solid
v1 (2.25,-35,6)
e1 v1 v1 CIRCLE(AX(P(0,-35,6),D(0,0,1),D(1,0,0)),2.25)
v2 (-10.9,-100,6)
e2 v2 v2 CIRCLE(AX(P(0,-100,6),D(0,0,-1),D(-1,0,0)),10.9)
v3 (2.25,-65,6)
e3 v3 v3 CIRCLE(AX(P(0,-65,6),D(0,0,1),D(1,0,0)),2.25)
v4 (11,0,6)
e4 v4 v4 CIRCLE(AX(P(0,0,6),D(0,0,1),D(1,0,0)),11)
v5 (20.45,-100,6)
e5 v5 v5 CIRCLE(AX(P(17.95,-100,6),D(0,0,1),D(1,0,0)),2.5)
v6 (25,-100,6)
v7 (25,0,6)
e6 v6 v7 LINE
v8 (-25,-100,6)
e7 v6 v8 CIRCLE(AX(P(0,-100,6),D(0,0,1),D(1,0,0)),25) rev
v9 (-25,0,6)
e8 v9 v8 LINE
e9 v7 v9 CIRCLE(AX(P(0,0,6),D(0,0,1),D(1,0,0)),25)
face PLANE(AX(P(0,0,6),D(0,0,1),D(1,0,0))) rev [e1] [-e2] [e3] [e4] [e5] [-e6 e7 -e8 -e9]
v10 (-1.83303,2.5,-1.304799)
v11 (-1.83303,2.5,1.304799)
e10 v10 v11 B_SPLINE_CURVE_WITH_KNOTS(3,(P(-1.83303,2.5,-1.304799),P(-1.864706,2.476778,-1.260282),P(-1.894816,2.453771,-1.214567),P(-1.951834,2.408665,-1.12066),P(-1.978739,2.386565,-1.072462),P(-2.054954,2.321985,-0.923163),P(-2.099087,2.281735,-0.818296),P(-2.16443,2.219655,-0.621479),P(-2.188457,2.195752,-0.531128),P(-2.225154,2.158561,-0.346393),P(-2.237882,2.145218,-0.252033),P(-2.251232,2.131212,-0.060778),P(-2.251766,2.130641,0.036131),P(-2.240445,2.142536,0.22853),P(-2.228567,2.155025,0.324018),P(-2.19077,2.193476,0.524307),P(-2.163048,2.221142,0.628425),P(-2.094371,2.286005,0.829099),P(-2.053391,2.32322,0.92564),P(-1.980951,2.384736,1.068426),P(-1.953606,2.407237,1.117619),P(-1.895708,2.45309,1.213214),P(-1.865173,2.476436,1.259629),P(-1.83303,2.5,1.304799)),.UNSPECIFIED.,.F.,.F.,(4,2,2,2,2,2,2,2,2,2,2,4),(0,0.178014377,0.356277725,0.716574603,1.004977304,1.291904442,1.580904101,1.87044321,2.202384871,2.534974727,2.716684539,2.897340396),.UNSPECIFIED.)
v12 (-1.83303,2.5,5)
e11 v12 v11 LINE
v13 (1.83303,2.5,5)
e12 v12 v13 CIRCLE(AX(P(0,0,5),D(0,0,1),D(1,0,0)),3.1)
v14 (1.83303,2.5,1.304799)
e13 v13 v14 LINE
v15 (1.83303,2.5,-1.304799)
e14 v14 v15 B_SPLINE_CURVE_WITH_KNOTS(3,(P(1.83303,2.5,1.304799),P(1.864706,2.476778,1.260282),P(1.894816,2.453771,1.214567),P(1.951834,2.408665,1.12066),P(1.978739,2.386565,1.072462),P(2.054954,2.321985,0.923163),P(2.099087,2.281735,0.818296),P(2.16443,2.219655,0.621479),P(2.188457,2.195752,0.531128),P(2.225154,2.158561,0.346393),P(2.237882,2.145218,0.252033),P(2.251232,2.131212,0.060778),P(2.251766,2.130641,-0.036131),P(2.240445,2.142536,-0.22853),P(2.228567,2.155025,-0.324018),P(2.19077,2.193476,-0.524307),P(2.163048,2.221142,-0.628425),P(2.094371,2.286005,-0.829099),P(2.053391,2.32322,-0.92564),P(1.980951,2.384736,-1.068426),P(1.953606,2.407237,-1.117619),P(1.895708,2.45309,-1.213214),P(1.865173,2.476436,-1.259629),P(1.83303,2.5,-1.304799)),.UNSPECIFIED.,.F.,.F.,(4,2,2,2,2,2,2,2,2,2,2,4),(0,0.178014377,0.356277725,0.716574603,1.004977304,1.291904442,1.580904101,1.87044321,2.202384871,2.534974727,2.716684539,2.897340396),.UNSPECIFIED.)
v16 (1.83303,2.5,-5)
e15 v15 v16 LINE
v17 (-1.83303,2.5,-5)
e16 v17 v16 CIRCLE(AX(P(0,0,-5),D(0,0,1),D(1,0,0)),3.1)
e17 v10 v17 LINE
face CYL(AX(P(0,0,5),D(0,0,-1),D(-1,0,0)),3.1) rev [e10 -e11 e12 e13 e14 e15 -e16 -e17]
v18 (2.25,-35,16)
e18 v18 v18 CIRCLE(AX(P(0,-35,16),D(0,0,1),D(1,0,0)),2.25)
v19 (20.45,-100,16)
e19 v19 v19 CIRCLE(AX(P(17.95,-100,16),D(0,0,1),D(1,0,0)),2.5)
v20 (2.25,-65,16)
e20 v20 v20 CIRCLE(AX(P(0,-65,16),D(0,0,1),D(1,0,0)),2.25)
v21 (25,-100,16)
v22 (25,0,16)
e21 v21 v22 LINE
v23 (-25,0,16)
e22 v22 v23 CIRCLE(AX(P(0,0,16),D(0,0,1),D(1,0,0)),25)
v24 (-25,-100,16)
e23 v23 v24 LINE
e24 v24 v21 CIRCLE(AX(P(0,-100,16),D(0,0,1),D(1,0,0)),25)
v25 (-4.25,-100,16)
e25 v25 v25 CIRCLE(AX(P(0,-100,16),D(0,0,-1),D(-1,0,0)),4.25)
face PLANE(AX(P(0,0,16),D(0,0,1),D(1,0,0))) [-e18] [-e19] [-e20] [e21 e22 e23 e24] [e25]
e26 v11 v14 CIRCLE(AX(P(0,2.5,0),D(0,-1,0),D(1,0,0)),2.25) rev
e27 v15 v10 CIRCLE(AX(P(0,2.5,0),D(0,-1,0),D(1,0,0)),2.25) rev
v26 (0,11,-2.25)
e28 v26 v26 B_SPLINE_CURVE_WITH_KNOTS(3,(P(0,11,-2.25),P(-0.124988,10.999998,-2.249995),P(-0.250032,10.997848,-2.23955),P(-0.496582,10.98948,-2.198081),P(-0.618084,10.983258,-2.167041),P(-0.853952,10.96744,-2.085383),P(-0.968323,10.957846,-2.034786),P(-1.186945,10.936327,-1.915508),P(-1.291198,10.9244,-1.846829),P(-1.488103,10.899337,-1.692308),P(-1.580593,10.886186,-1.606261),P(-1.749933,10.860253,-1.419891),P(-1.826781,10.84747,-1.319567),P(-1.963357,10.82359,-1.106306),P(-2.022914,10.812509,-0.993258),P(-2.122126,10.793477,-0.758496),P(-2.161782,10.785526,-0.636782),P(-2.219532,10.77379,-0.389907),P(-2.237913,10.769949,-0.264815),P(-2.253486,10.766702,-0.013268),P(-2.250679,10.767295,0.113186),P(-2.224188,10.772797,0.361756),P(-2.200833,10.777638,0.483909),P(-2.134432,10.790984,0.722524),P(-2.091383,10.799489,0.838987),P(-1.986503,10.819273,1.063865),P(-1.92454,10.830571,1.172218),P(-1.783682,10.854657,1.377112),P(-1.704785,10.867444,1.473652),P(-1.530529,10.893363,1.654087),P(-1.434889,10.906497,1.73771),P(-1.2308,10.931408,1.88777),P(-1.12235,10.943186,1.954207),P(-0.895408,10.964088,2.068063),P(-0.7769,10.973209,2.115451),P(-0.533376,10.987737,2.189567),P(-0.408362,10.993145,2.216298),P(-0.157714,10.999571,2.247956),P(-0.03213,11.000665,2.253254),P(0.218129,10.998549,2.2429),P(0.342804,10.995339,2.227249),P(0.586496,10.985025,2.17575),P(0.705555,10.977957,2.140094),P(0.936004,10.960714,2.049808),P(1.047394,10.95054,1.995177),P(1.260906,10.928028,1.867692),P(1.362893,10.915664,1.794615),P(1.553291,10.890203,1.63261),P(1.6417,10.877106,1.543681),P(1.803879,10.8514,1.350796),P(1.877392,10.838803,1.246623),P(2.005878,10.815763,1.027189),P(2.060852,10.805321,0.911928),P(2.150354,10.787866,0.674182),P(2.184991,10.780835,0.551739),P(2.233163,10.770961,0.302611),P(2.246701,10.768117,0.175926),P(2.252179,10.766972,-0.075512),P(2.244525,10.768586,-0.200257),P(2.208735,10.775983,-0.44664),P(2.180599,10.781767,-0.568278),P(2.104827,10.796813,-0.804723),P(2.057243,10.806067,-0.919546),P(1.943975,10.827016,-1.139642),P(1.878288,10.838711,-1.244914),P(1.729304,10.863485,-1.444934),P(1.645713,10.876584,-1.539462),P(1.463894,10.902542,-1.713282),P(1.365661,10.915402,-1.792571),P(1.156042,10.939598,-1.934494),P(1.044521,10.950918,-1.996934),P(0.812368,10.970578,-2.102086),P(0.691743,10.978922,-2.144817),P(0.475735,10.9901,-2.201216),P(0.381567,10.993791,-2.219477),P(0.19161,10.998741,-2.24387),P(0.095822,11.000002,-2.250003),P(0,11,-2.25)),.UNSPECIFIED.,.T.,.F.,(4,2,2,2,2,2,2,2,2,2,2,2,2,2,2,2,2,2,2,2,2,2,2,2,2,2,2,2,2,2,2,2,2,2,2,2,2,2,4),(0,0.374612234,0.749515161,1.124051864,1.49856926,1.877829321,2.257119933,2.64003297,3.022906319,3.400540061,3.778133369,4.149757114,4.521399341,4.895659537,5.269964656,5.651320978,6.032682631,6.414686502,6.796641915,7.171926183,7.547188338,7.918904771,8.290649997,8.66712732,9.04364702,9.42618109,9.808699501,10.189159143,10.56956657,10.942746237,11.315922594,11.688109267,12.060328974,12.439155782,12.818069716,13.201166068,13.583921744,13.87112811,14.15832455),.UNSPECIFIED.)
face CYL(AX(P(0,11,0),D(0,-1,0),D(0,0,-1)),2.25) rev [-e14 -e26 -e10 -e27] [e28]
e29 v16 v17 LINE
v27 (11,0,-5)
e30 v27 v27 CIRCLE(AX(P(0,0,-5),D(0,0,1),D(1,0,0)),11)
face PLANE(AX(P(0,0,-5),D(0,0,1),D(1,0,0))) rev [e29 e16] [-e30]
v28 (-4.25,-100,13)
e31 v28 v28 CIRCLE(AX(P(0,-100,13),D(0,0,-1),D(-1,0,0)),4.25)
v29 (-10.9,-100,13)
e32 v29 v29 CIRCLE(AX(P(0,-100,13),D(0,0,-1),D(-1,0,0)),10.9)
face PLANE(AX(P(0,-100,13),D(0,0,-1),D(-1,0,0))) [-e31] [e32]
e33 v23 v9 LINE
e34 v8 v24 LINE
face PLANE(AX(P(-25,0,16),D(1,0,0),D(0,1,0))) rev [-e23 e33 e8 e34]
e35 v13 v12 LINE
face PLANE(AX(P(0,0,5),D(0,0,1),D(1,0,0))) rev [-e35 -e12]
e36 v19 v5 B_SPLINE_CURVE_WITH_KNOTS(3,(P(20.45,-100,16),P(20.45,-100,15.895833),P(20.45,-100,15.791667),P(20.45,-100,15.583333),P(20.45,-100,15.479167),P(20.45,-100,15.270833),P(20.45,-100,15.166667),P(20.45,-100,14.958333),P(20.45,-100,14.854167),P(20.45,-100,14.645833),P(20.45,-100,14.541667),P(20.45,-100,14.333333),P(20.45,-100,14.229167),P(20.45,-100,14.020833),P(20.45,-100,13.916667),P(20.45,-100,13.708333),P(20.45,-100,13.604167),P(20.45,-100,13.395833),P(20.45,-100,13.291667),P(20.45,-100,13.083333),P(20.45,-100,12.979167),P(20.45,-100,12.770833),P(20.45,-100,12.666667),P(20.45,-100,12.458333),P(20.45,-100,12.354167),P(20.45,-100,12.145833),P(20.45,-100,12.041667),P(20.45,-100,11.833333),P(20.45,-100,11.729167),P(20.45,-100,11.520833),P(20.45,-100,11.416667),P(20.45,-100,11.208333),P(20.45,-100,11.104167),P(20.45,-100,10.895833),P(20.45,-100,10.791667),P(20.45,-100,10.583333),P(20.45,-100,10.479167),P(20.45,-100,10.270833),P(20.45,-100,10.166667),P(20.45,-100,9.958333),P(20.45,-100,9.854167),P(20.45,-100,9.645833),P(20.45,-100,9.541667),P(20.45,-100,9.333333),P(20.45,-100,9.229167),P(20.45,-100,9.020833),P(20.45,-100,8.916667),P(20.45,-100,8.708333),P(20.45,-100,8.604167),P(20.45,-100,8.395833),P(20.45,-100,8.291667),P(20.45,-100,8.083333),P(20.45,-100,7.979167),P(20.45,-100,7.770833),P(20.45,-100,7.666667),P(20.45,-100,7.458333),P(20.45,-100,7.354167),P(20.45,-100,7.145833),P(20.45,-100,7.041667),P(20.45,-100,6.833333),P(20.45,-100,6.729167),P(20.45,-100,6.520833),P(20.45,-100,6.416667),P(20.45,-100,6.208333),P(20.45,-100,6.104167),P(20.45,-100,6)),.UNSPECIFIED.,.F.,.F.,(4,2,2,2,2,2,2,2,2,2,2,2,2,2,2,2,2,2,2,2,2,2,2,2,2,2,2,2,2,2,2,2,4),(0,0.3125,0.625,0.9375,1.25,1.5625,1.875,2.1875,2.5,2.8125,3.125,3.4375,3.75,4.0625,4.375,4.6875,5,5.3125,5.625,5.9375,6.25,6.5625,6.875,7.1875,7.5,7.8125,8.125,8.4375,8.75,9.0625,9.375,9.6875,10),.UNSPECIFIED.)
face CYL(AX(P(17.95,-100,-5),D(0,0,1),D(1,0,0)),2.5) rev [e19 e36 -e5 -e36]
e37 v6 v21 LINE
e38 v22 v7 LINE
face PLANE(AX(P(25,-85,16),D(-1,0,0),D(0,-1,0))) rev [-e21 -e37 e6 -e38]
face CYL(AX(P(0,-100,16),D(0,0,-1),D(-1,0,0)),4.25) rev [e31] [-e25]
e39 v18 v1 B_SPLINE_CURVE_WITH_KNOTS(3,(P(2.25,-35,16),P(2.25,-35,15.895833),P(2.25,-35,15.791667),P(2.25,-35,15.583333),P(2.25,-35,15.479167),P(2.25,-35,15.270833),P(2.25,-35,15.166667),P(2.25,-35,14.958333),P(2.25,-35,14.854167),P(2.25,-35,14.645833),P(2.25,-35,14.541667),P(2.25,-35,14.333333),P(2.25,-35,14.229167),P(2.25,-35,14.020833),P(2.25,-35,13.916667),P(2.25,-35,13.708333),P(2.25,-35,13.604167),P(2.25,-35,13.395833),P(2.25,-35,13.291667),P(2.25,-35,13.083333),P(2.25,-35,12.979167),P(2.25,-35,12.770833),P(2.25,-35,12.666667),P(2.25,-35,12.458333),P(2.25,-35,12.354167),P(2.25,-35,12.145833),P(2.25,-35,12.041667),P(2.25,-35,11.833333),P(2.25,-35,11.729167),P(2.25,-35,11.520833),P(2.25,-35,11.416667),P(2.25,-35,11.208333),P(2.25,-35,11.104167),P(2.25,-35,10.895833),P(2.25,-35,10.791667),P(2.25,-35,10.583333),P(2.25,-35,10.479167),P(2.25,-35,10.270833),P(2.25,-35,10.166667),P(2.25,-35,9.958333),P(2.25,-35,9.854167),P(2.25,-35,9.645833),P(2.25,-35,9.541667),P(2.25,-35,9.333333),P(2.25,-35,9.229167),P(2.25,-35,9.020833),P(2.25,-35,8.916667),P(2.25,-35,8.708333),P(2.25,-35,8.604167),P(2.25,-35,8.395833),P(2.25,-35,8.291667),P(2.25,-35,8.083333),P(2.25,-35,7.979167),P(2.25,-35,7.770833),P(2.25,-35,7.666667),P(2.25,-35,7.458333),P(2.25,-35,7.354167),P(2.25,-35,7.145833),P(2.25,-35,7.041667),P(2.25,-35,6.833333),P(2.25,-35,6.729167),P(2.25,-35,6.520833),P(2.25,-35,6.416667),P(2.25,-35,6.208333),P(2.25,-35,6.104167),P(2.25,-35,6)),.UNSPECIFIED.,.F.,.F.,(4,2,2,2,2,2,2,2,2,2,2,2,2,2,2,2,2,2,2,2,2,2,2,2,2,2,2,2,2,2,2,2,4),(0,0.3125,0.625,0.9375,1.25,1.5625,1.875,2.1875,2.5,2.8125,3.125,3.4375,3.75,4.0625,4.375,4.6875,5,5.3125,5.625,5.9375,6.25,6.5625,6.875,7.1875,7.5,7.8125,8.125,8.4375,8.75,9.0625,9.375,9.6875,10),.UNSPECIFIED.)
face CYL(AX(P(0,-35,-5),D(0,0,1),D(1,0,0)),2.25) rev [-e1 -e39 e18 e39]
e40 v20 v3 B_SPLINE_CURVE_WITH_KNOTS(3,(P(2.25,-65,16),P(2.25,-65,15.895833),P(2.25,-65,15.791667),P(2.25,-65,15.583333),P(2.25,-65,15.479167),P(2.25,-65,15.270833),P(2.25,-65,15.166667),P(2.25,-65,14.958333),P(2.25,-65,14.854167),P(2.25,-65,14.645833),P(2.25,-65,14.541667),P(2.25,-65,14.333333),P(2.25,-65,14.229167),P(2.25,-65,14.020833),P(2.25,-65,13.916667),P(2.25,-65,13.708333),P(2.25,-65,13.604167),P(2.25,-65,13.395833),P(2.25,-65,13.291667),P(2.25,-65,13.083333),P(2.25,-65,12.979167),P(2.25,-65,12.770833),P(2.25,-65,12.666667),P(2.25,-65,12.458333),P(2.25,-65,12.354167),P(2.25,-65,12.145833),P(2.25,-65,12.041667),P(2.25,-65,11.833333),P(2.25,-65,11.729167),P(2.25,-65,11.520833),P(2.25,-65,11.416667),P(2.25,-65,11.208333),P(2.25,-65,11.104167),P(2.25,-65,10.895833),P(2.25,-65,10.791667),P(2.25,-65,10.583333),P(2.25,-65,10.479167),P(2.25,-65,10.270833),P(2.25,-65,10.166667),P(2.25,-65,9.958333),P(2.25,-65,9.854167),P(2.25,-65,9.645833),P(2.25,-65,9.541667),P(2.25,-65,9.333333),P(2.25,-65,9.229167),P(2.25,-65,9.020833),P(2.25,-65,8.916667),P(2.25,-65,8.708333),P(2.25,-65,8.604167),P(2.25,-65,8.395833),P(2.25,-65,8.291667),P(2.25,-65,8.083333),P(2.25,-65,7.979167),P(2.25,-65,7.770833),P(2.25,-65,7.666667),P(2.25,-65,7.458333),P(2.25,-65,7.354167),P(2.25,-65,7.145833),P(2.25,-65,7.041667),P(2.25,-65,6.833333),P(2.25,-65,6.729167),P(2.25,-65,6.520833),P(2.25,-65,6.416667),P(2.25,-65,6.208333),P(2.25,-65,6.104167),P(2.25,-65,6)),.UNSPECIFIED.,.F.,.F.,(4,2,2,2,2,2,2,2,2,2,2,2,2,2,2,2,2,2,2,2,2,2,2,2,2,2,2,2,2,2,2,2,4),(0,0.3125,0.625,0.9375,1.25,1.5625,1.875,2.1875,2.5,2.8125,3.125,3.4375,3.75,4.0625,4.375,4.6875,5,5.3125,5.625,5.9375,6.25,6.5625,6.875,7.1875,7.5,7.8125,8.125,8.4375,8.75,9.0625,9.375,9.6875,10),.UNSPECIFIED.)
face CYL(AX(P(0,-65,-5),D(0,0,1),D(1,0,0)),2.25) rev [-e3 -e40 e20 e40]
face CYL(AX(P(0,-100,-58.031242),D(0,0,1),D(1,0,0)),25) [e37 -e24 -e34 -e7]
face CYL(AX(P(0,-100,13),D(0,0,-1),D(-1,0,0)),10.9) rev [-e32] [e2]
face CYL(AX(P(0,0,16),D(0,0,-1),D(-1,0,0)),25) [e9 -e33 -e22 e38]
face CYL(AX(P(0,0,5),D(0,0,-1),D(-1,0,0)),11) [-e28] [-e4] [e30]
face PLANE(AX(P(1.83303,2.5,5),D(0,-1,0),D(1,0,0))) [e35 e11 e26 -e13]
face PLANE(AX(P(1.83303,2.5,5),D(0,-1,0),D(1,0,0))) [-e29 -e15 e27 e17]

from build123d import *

# Parameters (mm, degrees)
CROQUIS1_R                   = 11
SALIENTE_EXTRUIR1_DEPTH      = 5
SALIENTE_EXTRUIR2_START      = 6
CROQUIS2_R                   = 11
SALIENTE_EXTRUIR2_DEPTH      = 6
CROQUIS3_R                   = 2.25
CORTAR_EXTRUIR1_DEPTH        = 20.052558883
SALIENTE_EXTRUIR3_DEPTH      = 5
SALIENTE_EXTRUIR3_DEPTH_BACK = 5
SALIENTE_EXTRUIR4_DEPTH      = 10
CROQUIS6_R                   = 2.25
CORTAR_EXTRUIR2_DEPTH        = 130.193653111
CROQUIS7_R                   = 10.9
CORTAR_EXTRUIR3_DEPTH        = 7
CROQUIS8_R                   = 4.25
CORTAR_EXTRUIR4_DEPTH        = 129.740048173
CROQUIS9_R                   = 2.5
CORTAR_EXTRUIR5_DEPTH        = 130.193653111


with BuildPart() as part:
    # Croquis1 → Saliente-Extruir1 (new, symmetric)
    with BuildSketch(Plane.XY):
        Circle(CROQUIS1_R)
        with BuildLine():
            Line((1.833030278, 2.5), (-1.833030278, 2.5))
            ThreePointArc((-1.833030278, 2.5), (0, -3.1), (1.833030278, 2.5))
        make_face(mode=Mode.SUBTRACT)
    extrude(amount=SALIENTE_EXTRUIR1_DEPTH, both=True)

    # Croquis2 → Saliente-Extruir2 (add)
    with BuildSketch(Plane.XY.offset(5).offset(SALIENTE_EXTRUIR2_START)):
        Circle(CROQUIS2_R)
    extrude(amount=-SALIENTE_EXTRUIR2_DEPTH)

    # Croquis3 → Cortar-Extruir1 (cut, through all)
    with BuildSketch(Plane(origin=(0, 0, 0), x_dir=(1, 0, 0), z_dir=(0, 1, 0))):
        with Locations(Location((0, 0, 0), (0, 0, 90))):
            Circle(CROQUIS3_R)
    extrude(amount=CORTAR_EXTRUIR1_DEPTH, mode=Mode.SUBTRACT)

    # Croquis4 → Saliente-Extruir3 (add, two sides: drawn at the far end of the back side and taken through both)
    with BuildSketch(Plane.XY.offset(11).offset(-SALIENTE_EXTRUIR3_DEPTH_BACK)):
        with BuildLine():
            Line((-25, 0), (-25, -85))
            Line((-25, -85), (25, -85))
            Line((25, -85), (25, 0))
            ThreePointArc((25, 0), (0, 25), (-25, 0))
        make_face()
    extrude(amount=SALIENTE_EXTRUIR3_DEPTH + SALIENTE_EXTRUIR3_DEPTH_BACK)

    # Croquis5 → Saliente-Extruir4 (add)
    with BuildSketch(Plane.XY.offset(16)):
        with BuildLine():
            Line((-25, -100), (-25, -85))
            Line((-25, -85), (25, -85))
            Line((25, -85), (25, -100))
            ThreePointArc((25, -100), (0, -125), (-25, -100))
        make_face()
    extrude(amount=-SALIENTE_EXTRUIR4_DEPTH)

    # Croquis6 → Cortar-Extruir2 (cut, through all)
    with BuildSketch(Plane.XY.offset(16)):
        with Locations((0, -35)):
            Circle(CROQUIS6_R)
        with Locations((0, -65)):
            Circle(CROQUIS6_R)
    extrude(amount=-CORTAR_EXTRUIR2_DEPTH, mode=Mode.SUBTRACT)

    # Croquis7 → Cortar-Extruir3 (cut)
    with BuildSketch(Plane(origin=(0, 0, 6), x_dir=(-1, 0, 0), z_dir=(0, 0, -1))):
        with Locations((0, -100)):
            Circle(CROQUIS7_R)
    extrude(amount=-CORTAR_EXTRUIR3_DEPTH, mode=Mode.SUBTRACT)

    # Croquis8 → Cortar-Extruir4 (cut, through all)
    with BuildSketch(Plane(origin=(0, 0, 13), x_dir=(-1, 0, 0), z_dir=(0, 0, -1))):
        with Locations((0, -100)):
            Circle(CROQUIS8_R)
    extrude(amount=-CORTAR_EXTRUIR4_DEPTH, mode=Mode.SUBTRACT)

    # Croquis9 → Cortar-Extruir5 (cut, through all)
    with BuildSketch(Plane.XY.offset(16)):
        with Locations((17.95, -100)):
            Circle(CROQUIS9_R)
    extrude(amount=-CORTAR_EXTRUIR5_DEPTH, mode=Mode.SUBTRACT)


solid = part.part
